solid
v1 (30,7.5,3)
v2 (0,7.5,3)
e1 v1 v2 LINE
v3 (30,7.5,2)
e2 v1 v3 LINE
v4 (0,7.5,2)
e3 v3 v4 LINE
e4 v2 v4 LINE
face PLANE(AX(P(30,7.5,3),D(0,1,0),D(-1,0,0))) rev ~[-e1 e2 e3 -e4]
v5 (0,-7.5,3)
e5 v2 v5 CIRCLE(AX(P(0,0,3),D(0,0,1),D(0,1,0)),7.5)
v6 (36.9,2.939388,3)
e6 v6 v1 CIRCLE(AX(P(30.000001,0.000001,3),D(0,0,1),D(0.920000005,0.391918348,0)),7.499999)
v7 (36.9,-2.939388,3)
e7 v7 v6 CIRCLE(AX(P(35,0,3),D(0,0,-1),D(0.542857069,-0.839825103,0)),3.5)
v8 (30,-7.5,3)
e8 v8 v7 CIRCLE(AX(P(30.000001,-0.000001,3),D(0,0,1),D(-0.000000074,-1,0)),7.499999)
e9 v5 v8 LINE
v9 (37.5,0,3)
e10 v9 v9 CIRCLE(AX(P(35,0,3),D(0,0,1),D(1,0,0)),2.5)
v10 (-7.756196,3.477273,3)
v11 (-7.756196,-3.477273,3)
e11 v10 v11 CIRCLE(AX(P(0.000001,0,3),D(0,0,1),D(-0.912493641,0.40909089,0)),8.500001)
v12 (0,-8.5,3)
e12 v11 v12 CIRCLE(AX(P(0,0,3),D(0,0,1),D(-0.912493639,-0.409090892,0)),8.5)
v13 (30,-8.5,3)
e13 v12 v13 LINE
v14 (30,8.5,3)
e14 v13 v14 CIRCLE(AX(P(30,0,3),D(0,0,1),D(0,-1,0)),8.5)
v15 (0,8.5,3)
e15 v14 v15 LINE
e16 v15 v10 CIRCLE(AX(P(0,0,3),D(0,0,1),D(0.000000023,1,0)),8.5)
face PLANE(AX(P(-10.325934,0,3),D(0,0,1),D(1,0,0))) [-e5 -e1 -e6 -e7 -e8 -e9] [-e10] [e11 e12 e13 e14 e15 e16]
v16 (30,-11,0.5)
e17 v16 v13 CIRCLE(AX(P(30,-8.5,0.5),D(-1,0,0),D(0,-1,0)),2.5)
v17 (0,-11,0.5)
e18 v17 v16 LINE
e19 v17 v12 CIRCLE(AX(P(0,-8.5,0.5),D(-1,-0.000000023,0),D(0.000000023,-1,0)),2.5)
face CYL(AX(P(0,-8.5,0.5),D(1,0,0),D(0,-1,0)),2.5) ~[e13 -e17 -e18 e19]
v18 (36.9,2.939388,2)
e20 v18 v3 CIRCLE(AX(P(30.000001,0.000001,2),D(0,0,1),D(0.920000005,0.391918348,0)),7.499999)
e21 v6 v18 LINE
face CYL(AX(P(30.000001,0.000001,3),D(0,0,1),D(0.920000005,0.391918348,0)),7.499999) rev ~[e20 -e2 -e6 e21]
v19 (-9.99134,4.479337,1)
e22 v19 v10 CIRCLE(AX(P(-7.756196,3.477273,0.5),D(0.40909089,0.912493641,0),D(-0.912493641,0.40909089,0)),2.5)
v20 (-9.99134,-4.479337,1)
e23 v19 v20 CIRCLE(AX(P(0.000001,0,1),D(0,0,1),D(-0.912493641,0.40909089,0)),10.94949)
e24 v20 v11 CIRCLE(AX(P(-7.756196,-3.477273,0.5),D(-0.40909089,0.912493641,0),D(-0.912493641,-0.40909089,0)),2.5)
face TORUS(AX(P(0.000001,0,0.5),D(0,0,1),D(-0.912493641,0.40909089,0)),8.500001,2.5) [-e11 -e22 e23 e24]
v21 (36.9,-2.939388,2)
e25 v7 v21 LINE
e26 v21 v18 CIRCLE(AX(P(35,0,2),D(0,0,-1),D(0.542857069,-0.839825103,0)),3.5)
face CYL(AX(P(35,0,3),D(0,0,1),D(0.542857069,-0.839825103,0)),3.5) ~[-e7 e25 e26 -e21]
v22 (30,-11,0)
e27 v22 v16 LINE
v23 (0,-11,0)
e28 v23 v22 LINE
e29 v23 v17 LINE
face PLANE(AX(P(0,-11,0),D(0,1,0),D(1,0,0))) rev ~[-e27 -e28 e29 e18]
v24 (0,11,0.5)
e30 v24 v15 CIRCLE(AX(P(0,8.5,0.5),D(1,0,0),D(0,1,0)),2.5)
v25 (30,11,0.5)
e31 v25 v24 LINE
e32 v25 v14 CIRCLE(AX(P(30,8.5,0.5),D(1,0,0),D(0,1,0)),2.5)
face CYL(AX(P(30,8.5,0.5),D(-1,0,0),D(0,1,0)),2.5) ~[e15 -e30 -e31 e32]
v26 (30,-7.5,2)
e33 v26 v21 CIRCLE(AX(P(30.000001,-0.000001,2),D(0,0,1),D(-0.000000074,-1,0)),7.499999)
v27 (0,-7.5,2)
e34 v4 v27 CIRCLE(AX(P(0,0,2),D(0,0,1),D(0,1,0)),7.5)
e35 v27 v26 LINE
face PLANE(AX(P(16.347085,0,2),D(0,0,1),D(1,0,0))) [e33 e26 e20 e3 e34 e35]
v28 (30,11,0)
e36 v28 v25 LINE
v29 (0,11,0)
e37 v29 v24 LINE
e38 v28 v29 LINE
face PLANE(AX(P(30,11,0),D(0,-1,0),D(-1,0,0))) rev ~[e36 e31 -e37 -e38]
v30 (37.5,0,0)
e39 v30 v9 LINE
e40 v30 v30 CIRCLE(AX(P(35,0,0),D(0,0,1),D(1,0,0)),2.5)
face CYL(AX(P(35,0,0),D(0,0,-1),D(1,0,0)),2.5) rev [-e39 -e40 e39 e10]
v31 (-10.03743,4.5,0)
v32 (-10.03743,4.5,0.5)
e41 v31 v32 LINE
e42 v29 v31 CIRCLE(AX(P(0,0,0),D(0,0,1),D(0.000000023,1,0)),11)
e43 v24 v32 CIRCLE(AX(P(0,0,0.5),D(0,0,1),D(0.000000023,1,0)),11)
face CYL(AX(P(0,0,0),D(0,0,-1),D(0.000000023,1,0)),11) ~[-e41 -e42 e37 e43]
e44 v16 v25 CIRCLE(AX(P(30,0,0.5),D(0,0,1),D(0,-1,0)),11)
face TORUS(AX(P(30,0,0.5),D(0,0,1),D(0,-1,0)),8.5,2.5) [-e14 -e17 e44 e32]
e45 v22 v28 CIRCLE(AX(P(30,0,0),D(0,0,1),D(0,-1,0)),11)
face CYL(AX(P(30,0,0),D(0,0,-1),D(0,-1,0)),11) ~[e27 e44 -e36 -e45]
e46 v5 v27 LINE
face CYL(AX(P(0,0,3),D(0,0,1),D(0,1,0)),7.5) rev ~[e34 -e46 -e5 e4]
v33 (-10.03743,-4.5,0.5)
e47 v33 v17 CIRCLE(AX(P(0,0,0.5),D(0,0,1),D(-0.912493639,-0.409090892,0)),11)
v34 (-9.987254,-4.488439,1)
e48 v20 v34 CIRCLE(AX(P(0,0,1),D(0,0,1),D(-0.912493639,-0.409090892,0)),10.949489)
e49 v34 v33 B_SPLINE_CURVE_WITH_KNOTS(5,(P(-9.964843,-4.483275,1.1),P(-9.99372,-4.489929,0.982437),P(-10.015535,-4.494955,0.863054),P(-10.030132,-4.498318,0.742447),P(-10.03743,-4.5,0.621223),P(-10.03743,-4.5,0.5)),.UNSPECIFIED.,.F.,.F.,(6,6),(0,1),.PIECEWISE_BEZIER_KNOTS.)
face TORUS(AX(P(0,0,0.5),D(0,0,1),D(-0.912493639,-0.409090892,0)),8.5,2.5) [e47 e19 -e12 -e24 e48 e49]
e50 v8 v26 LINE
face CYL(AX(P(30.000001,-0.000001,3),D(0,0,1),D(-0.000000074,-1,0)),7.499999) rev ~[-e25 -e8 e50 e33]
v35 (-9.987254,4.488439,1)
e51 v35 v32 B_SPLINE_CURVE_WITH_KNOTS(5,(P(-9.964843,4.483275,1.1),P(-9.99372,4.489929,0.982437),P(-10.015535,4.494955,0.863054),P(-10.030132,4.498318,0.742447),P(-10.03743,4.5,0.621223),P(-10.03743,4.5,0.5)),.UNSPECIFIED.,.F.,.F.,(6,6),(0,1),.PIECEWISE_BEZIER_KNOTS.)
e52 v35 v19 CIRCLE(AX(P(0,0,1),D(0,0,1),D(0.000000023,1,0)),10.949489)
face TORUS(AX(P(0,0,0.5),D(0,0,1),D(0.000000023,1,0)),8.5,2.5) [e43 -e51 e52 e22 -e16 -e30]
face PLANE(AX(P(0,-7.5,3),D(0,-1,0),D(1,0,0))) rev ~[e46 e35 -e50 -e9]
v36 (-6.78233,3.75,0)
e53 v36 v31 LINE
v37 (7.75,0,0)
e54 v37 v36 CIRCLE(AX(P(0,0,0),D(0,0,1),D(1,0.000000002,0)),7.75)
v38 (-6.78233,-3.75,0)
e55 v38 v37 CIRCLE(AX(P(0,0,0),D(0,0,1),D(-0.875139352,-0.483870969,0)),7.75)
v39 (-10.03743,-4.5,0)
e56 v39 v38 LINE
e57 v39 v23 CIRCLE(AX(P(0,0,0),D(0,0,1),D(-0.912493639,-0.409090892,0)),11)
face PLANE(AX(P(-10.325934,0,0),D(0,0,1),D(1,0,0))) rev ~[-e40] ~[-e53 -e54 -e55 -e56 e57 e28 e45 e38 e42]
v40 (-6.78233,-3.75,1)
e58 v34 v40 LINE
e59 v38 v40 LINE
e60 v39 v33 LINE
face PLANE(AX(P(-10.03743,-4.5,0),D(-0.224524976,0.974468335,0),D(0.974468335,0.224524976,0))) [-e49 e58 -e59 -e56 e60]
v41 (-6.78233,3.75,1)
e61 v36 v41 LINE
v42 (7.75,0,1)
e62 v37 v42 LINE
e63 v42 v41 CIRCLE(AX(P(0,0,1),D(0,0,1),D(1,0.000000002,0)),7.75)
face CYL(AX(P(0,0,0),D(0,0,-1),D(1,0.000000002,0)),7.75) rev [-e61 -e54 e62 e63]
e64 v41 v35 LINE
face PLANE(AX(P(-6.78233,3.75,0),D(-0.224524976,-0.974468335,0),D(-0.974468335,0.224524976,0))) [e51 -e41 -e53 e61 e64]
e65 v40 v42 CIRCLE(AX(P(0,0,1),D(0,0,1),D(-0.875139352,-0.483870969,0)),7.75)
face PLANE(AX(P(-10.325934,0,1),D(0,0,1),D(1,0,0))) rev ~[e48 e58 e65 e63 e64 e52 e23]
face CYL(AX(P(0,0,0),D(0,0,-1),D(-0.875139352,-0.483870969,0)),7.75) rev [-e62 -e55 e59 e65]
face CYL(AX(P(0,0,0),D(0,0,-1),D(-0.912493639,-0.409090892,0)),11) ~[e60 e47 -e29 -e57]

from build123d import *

# Parameters (mm, degrees)
F0_R     = 2.5
F1_DEPTH = 3
F2_R     = 2.5
F3_DEPTH = 1
F5_DEPTH = 1


with BuildPart() as f1:
    # F0 (on Top) → F1 (new body)
    with BuildSketch(Plane.XY):
        with BuildLine():
            Line((-10.03743, -4.5), (-10.03743, 4.5))
            ThreePointArc((-10.03743, 4.5), (-11, 0), (-10.03743, -4.5))
        make_face()
        with BuildLine():
            ThreePointArc((-6.78233, -3.75), (-7.75, 0), (-6.78233, 3.75))
            Line((-6.78233, 3.75), (-10.03743, 4.5))
            Line((-10.03743, 4.5), (-10.03743, -4.5))
            Line((-10.03743, -4.5), (-6.78233, -3.75))
        make_face()
        with BuildLine():
            ThreePointArc((-6.78233, 3.75), (1.93642, 7.504184), (7.75, 0))
            ThreePointArc((7.75, 0), (1.93642, -7.504184), (-6.78233, -3.75))
            Line((-6.78233, -3.75), (-10.03743, -4.5))
            ThreePointArc((-10.03743, -4.5), (-5.97913, -9.233093), (0, -11))
            Line((0, -11), (30, -11))
            ThreePointArc((30, -11), (41, 0), (30, 11))
            Line((30, 11), (0, 11))
            ThreePointArc((0, 11), (-5.97913, 9.233093), (-10.03743, 4.5))
            Line((-10.03743, 4.5), (-6.78233, 3.75))
        make_face()
        with Locations((35, 0)):
            Circle(F0_R, mode=Mode.SUBTRACT)
        with BuildLine():
            Line((-6.78233, -3.75), (-6.78233, 3.75))
            ThreePointArc((-6.78233, 3.75), (-7.75, 0), (-6.78233, -3.75))
        make_face()
        with BuildLine():
            ThreePointArc((-6.78233, -3.75), (1.93642, -7.504184), (7.75, 0))
            ThreePointArc((7.75, 0), (1.93642, 7.504184), (-6.78233, 3.75))
            Line((-6.78233, 3.75), (-6.78233, -3.75))
        make_face()
    extrude(amount=F1_DEPTH)

    # F2
    f2_edges = [f1.edges().sort_by_distance(p)[0] for p in [
        (-11, 0, 3),
    ]]
    fillet(f2_edges, radius=F2_R)

    # F0 (on Top) → F3 (cut)
    with BuildSketch(Plane.XY):
        with BuildLine():
            Line((-10.03743, -4.5), (-10.03743, 4.5))
            ThreePointArc((-10.03743, 4.5), (-11, 0), (-10.03743, -4.5))
        make_face()
        with BuildLine():
            ThreePointArc((-6.78233, -3.75), (-7.75, 0), (-6.78233, 3.75))
            Line((-6.78233, 3.75), (-10.03743, 4.5))
            Line((-10.03743, 4.5), (-10.03743, -4.5))
            Line((-10.03743, -4.5), (-6.78233, -3.75))
        make_face()
        with BuildLine():
            Line((-6.78233, -3.75), (-6.78233, 3.75))
            ThreePointArc((-6.78233, 3.75), (-7.75, 0), (-6.78233, -3.75))
        make_face()
        with BuildLine():
            ThreePointArc((-6.78233, -3.75), (1.93642, -7.504184), (7.75, 0))
            ThreePointArc((7.75, 0), (1.93642, 7.504184), (-6.78233, 3.75))
            Line((-6.78233, 3.75), (-6.78233, -3.75))
        make_face()
    extrude(amount=F3_DEPTH, mode=Mode.SUBTRACT)

    # F4 (on face) → F5 (cut)
    with BuildSketch(Plane.XY.offset(3)):
        with BuildLine():
            ThreePointArc((36.9, -2.939388), (31.5, 0), (36.9, 2.939388))
            ThreePointArc((36.9, 2.939388), (34.135492, 6.256813), (30, 7.5))
            Line((30, 7.5), (0, 7.5))
            ThreePointArc((0, 7.5), (-7.5, 0), (0, -7.5))
            Line((0, -7.5), (30, -7.5))
            ThreePointArc((30, -7.5), (34.135492, -6.256813), (36.9, -2.939388))
        make_face()
    extrude(amount=-F5_DEPTH, mode=Mode.SUBTRACT)


solid = f1.part
